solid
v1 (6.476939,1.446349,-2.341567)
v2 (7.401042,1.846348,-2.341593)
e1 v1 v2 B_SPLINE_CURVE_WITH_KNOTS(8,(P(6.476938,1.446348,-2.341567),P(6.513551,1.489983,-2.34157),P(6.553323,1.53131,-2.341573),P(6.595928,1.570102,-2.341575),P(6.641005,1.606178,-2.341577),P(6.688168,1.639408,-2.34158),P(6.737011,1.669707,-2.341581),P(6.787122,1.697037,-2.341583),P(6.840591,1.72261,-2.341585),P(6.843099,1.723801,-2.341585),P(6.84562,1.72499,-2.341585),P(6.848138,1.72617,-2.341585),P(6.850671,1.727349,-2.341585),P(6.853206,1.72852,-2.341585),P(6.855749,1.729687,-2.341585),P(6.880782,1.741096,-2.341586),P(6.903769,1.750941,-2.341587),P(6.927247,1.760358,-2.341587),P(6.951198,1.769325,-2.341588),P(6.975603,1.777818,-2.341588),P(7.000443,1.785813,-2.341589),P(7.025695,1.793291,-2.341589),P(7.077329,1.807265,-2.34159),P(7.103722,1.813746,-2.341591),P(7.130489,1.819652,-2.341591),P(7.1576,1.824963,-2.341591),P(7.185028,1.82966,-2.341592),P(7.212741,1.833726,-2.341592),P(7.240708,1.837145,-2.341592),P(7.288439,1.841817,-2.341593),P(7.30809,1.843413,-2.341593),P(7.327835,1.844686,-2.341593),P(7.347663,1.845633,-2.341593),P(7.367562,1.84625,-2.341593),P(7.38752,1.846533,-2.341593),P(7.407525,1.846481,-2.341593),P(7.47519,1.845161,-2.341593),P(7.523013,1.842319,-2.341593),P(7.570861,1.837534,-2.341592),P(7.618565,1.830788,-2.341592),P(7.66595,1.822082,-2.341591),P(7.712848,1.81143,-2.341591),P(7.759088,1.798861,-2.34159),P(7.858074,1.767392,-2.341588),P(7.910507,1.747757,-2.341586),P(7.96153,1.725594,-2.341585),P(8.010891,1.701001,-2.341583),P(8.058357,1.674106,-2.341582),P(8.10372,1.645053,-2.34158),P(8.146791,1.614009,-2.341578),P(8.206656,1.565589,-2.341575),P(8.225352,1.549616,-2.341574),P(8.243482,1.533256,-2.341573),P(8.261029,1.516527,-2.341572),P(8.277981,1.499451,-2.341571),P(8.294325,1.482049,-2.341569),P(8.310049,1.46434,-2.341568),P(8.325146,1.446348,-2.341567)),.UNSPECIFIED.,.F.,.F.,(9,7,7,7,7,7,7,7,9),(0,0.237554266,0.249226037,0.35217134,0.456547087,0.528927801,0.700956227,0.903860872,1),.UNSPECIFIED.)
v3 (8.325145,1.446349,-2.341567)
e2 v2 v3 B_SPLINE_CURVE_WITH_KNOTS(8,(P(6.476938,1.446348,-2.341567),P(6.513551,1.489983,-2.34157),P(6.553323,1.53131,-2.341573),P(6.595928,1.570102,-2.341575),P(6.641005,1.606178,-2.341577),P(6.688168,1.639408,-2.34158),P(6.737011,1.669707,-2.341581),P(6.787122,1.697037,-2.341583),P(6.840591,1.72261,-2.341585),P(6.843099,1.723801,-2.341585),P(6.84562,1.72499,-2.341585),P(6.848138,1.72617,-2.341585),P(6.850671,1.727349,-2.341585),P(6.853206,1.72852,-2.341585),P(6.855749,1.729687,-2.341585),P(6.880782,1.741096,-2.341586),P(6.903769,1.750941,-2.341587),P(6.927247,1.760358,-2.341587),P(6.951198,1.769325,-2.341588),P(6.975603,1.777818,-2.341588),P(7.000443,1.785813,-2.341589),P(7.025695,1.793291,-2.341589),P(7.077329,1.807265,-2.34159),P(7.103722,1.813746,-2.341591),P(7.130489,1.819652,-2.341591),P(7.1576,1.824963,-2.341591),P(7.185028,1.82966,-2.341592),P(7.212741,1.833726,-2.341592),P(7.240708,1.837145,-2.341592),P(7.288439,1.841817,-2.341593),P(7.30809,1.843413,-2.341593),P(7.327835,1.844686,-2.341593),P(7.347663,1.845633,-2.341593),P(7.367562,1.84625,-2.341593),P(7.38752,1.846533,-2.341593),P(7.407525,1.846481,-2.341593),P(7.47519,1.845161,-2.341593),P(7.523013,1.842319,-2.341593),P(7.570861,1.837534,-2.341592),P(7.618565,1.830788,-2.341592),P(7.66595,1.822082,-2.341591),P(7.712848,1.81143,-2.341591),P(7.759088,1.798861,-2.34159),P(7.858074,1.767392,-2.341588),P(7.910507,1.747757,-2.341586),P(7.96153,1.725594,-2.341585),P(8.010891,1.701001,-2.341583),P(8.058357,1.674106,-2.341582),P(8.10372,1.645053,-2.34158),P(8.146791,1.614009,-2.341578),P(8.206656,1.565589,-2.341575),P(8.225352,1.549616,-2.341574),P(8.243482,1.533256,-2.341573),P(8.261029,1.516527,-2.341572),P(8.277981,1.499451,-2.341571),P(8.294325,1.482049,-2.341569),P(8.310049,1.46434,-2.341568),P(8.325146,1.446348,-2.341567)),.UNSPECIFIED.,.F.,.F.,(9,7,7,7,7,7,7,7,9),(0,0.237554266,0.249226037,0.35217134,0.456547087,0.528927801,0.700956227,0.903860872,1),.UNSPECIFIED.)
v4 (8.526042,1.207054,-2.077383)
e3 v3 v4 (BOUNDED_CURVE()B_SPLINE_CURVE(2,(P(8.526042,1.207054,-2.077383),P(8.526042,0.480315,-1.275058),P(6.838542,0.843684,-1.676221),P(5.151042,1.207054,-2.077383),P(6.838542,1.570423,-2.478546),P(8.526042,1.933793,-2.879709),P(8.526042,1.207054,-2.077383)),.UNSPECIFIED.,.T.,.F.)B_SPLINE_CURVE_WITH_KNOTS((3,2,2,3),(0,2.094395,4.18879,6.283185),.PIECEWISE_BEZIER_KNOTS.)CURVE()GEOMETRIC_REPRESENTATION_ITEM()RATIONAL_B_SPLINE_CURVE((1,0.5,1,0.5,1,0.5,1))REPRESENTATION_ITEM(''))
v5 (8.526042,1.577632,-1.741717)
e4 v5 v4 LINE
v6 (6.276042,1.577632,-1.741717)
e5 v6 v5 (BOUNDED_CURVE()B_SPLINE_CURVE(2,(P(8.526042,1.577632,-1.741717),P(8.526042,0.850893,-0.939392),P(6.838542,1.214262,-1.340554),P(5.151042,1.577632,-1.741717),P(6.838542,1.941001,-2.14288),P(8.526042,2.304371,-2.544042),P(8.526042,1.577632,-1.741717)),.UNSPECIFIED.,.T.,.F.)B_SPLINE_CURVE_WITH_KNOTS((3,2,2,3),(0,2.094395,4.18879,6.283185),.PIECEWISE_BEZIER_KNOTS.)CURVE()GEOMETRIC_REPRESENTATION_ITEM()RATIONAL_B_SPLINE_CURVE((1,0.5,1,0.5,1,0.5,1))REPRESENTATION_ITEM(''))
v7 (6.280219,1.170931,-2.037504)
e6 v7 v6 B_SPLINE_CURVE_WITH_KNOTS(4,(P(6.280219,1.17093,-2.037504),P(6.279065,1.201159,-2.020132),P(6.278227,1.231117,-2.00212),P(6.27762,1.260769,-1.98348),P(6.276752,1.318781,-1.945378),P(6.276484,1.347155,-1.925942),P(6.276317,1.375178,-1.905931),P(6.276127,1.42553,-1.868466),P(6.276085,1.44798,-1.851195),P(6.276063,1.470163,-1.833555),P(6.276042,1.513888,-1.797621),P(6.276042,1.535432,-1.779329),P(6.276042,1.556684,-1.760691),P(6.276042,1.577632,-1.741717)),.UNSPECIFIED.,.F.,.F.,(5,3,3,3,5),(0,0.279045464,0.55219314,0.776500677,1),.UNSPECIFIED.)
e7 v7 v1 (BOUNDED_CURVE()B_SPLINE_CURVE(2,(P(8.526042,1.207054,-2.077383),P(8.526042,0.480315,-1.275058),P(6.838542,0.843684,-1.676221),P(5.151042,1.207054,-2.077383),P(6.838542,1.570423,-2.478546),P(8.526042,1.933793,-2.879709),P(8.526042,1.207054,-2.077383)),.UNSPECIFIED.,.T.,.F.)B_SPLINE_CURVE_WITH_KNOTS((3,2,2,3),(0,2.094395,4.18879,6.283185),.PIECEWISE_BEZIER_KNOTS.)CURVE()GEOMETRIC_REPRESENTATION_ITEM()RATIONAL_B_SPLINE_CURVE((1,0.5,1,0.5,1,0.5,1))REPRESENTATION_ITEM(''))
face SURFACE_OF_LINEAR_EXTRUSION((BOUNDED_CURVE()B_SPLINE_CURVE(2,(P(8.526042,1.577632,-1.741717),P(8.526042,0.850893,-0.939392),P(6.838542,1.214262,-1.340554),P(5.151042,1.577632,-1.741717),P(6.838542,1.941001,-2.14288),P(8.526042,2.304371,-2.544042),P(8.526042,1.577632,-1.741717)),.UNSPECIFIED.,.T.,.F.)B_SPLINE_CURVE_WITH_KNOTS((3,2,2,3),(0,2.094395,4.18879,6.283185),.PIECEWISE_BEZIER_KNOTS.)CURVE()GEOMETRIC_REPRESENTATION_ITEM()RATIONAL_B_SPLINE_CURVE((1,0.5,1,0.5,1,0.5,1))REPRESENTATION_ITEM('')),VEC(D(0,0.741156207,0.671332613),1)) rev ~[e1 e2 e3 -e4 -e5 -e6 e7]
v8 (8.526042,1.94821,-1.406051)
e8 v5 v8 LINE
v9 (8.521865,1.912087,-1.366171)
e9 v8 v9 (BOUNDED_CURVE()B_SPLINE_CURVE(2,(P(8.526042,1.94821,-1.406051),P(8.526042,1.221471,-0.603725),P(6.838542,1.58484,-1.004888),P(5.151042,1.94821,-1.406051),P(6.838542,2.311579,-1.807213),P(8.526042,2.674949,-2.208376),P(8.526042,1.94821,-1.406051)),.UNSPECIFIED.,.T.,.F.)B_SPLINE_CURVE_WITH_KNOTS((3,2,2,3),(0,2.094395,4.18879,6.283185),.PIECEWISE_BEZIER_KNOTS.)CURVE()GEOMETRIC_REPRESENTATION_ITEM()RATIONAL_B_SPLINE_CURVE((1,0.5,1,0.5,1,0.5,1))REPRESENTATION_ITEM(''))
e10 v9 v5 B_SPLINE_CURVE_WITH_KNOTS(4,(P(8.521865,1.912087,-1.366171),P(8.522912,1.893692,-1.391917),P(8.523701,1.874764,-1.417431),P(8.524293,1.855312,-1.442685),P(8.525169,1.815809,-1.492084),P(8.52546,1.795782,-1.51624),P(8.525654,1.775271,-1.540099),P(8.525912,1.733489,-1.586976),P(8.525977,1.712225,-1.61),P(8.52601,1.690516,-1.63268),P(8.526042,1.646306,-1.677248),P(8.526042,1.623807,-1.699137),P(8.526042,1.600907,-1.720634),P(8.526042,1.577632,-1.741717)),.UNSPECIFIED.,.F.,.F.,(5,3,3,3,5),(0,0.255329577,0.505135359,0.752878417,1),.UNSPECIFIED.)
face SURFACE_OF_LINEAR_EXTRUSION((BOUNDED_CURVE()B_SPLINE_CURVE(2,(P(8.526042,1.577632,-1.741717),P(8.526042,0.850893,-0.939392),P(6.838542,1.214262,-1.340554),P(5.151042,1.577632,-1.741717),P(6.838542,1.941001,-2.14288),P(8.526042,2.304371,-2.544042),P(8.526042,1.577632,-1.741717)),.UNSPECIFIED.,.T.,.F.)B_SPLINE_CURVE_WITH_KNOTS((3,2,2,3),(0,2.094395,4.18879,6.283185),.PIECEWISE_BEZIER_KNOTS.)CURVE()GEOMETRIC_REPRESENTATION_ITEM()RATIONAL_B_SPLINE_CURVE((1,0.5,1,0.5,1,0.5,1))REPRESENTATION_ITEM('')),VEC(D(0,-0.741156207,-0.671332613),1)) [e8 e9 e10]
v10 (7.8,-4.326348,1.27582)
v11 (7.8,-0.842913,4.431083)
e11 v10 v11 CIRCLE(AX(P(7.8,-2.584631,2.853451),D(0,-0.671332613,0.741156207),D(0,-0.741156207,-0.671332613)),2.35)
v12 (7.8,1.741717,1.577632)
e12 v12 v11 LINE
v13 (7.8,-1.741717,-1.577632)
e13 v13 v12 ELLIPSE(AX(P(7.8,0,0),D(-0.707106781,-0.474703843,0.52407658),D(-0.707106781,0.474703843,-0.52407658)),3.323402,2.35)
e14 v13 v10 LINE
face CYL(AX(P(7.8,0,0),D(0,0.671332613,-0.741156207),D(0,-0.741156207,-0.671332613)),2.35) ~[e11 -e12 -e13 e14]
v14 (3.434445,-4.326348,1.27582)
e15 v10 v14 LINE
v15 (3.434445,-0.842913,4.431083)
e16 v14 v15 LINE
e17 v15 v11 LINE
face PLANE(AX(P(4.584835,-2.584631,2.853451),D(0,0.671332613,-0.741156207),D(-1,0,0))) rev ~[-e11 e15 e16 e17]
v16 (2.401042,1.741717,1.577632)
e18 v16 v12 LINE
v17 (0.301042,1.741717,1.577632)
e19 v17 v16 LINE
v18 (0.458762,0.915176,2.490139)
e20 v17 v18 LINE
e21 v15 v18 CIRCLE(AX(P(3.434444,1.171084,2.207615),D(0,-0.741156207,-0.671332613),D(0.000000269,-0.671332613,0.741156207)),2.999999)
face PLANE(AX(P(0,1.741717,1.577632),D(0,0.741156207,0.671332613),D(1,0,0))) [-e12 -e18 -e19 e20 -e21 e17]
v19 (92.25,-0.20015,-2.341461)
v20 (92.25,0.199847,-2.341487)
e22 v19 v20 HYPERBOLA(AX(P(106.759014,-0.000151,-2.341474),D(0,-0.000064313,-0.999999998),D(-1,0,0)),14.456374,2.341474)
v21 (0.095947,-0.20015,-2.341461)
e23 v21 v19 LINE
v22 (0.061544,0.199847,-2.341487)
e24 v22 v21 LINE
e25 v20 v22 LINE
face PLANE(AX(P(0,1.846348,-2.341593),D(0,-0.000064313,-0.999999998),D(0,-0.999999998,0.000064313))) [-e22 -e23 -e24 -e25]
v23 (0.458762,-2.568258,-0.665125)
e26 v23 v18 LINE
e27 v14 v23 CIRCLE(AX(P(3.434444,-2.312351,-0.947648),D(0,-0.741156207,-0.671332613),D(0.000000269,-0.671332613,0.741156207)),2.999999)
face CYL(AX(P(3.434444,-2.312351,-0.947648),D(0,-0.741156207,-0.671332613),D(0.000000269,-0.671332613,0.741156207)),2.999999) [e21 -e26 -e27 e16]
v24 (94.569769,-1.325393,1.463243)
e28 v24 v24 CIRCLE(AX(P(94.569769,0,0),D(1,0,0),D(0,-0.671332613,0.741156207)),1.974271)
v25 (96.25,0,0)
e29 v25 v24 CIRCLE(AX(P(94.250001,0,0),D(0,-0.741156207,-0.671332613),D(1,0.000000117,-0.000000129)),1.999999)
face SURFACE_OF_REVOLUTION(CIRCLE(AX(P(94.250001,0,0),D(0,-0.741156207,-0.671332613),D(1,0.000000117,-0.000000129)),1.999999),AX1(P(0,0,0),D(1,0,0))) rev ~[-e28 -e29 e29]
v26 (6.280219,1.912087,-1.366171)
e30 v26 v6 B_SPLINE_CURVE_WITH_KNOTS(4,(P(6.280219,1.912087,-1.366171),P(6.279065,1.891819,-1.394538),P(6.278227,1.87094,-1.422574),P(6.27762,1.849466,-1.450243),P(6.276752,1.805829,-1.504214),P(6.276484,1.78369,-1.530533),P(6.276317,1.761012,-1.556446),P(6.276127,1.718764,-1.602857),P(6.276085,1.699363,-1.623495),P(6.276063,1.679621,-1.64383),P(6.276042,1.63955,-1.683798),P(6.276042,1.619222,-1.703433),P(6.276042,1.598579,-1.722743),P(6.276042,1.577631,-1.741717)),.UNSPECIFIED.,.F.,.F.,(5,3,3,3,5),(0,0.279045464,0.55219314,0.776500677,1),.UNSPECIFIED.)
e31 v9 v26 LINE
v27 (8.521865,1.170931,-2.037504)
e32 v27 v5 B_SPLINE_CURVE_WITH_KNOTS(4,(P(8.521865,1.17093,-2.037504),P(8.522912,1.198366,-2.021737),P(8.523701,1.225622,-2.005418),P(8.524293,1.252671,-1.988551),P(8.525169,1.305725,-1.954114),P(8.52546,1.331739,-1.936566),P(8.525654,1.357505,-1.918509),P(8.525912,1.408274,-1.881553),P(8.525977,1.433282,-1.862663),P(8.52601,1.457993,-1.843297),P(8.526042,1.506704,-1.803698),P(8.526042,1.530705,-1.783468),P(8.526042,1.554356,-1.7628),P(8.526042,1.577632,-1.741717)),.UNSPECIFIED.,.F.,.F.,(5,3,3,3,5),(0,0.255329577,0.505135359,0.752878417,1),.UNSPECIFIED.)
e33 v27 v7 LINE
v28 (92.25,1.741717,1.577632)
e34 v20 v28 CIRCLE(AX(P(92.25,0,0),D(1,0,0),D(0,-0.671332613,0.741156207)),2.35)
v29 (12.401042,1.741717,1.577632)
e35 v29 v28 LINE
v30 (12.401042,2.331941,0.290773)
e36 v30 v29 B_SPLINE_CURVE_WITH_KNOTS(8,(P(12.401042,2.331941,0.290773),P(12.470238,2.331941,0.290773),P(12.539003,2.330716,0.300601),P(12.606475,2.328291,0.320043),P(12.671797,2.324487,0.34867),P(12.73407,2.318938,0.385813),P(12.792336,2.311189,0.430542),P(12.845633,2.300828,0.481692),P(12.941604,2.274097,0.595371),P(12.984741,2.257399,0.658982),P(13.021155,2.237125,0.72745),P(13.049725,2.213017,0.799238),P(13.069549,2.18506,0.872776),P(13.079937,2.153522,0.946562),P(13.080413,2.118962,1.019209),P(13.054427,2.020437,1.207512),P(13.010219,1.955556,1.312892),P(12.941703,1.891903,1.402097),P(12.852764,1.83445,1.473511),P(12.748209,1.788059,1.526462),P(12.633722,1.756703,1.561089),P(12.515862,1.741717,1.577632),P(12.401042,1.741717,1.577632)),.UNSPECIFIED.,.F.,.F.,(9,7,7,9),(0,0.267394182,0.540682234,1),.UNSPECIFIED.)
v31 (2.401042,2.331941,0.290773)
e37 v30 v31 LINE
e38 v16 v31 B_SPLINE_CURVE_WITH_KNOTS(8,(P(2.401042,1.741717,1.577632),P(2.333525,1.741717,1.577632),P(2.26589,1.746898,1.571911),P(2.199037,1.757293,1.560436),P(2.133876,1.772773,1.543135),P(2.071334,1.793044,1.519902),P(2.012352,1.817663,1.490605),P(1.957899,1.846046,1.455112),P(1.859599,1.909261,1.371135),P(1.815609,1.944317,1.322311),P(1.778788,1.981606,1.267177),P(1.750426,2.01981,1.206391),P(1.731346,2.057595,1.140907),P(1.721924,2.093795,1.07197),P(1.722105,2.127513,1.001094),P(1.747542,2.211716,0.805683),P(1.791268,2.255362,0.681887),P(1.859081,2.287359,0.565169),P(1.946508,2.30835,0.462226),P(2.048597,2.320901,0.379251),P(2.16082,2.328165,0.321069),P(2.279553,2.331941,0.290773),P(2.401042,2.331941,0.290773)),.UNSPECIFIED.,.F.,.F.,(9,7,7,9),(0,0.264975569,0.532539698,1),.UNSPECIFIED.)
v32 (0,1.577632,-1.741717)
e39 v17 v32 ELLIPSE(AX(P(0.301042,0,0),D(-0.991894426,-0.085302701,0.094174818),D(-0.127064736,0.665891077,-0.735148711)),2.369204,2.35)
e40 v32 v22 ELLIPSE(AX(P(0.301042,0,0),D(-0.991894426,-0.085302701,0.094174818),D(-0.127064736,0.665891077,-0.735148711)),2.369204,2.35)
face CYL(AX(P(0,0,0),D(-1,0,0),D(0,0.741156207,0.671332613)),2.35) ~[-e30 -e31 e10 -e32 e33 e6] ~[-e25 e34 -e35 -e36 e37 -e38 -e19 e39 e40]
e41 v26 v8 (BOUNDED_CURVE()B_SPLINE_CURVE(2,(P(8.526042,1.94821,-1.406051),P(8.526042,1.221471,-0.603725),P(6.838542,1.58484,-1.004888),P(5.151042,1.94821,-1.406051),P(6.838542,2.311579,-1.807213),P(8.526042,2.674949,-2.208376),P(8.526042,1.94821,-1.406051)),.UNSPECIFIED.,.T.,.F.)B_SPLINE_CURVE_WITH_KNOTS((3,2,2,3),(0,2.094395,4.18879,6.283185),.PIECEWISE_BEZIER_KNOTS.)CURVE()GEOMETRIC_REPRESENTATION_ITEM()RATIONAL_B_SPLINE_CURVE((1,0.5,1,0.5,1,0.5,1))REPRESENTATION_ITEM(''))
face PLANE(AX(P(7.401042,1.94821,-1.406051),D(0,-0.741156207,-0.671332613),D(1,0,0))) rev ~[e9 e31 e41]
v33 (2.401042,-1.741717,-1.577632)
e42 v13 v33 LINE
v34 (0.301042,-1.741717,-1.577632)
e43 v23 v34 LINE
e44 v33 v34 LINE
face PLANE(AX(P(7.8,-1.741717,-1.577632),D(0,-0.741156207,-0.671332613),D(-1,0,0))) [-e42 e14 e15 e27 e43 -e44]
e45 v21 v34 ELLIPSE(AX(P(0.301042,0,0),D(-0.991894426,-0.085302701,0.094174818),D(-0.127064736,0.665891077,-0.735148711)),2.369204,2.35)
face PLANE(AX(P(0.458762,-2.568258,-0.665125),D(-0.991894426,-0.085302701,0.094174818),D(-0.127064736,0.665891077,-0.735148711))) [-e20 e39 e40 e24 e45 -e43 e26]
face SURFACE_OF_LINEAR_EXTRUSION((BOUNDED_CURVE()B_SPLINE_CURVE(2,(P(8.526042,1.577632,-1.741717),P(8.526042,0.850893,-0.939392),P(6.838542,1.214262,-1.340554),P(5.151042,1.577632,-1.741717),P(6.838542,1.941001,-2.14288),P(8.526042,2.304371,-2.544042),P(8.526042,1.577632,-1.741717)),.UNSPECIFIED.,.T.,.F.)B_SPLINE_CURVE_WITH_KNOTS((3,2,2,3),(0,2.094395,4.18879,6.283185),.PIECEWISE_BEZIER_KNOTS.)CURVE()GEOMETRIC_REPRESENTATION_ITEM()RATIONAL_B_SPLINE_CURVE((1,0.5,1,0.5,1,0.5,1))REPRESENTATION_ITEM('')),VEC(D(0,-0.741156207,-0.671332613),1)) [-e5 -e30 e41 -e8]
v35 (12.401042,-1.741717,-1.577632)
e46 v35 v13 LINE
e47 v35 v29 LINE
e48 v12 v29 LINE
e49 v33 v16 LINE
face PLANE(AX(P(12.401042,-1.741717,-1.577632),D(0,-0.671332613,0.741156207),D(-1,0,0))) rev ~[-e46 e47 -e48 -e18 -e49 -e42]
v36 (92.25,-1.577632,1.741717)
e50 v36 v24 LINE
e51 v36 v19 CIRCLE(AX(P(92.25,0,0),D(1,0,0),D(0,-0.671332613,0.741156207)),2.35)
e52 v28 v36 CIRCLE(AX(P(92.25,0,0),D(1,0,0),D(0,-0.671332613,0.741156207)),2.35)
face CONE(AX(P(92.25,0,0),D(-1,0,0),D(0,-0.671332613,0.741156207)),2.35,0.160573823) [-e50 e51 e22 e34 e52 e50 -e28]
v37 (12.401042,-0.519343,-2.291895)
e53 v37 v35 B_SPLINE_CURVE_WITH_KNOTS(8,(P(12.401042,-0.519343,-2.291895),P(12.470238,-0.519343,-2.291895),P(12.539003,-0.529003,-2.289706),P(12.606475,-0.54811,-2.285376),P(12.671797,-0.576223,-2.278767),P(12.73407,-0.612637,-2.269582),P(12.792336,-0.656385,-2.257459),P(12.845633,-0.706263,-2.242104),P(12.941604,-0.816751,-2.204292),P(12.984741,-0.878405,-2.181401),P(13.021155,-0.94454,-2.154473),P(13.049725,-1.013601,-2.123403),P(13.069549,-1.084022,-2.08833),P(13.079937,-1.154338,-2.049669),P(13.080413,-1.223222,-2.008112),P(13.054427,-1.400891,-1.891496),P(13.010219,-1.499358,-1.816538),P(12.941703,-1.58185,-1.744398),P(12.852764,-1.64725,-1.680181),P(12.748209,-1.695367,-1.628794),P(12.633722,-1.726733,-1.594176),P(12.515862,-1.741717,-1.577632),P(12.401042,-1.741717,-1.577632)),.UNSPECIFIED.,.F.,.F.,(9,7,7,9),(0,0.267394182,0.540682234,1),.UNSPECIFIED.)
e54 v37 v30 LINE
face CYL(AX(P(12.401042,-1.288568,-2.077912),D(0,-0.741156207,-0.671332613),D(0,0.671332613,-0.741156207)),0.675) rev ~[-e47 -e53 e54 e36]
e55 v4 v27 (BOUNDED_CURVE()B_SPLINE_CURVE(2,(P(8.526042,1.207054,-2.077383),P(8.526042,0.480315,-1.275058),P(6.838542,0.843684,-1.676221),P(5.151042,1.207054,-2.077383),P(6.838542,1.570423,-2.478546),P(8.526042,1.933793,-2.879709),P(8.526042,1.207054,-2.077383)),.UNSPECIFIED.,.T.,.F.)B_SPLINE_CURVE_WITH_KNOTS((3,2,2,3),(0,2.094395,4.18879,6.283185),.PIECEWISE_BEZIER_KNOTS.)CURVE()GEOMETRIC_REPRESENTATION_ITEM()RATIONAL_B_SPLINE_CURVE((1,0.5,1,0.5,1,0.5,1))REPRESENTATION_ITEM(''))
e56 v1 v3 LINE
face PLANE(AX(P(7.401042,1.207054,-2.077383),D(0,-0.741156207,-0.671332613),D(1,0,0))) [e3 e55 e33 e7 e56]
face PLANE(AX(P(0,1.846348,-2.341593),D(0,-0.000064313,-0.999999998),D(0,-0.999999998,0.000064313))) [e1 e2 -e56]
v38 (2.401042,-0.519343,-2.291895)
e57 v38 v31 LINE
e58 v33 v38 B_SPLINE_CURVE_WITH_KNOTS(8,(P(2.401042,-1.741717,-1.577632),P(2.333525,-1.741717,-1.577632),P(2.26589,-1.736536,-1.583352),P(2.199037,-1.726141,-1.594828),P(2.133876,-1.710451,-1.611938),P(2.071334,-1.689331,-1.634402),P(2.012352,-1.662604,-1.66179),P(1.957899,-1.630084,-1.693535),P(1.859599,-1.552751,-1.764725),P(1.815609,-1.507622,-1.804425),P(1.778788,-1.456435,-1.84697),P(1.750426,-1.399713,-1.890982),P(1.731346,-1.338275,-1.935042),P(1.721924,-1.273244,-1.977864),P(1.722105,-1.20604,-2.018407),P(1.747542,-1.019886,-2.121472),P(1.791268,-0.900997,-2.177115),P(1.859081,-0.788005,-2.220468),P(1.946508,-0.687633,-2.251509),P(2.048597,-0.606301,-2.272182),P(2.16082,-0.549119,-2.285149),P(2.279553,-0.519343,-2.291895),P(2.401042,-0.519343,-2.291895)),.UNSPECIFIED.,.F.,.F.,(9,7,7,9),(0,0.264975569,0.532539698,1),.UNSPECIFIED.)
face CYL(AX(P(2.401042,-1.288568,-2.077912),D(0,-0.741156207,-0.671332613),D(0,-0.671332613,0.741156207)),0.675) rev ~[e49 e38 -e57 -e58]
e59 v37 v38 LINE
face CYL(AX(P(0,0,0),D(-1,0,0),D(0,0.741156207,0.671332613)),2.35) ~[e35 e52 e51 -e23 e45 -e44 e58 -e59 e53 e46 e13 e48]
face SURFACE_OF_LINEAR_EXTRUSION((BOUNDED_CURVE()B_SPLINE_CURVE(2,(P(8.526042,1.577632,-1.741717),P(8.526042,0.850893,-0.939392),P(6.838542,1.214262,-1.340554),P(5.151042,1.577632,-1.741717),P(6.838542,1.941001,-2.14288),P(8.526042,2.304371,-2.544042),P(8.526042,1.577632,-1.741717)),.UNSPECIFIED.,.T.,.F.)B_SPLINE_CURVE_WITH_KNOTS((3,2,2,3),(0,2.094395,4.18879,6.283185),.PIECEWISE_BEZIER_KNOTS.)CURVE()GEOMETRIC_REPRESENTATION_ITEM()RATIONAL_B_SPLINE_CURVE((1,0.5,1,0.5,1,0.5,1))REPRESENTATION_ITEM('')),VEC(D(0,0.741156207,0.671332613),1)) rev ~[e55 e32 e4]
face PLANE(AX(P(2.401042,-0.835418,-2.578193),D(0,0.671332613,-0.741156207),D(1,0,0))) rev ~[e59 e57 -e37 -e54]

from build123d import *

# Parameters (mm, degrees)
SKETCH_R             = 2.35
PAD_DEPTH            = 96.25
PAD001_DEPTH         = 3.85
POCKET_DEPTH         = 5
PAD002_DEPTH         = 0.5
PAD002_DEPTH_BACK    = 0.5
POCKET001_DEPTH      = 10
POCKET002_DEPTH      = 100
POCKET002_DEPTH_BACK = -100
BODY_PLACEMENT_ANGLE = 42.17


with BuildPart() as part:
    # Sketch → Pad (new body)
    with BuildSketch(Plane.YZ):
        Circle(SKETCH_R)
    extrude(amount=PAD_DEPTH)

    # Sketch001 → Pad001 (join)
    with BuildSketch(Plane.XY):
        with BuildLine():
            Line((0, -2.35), (0, 2.35))
            Line((0, 2.35), (7.8, 2.35))
            ThreePointArc((7.8, -2.35), (10.15, 0), (7.8, 2.35))
            Line((7.8, -2.35), (0, -2.35))
        make_face()
    extrude(amount=PAD001_DEPTH)

    # Sketch002 (on Face7 of Pad001) → Pocket (cut)
    with BuildSketch(Plane(origin=(0, -2.35, 0), x_dir=(0, 0, -1), z_dir=(0, -1, 0))):
        with BuildLine():
            Line((-1.231194, 0.458762), (2.35, 0))
            Line((-3.85, 0), (2.35, 0))
            Line((-3.85, 3.434445), (-3.85, 0))
            ThreePointArc((-3.85, 3.434445), (-3.102064, 1.452474), (-1.231194, 0.458762))
        make_face()
    extrude(amount=-POCKET_DEPTH, mode=Mode.SUBTRACT)

    # Sketch003 → Pad002 (join, two sides)
    with BuildSketch(Plane.XZ) as pad002_sk:
        with BuildLine():
            add(Edge.make_bspline(
                [(8.526042, -2.35), (8.526042, -1.267468), (6.838542, -1.808734), (5.151042, -2.35), (6.838542, -2.891266), (8.526042, -3.432532), (8.526042, -2.35)],
                knots=[0, 0, 0, 2.094395, 2.094395, 4.18879, 4.18879, 6.283185, 6.283185, 6.283185], degree=2, weights=[1, 0.5, 1, 0.5, 1, 0.5, 1]))
        make_face()
    extrude(amount=PAD002_DEPTH)
    extrude(pad002_sk.sketch, amount=-PAD002_DEPTH_BACK)

    # Sketch004 (on Face2 of Pad002) → Pocket001 (cut)
    with BuildSketch(Plane(origin=(0, -2.35, 0), x_dir=(0, 0, -1), z_dir=(0, -1, 0))):
        with BuildLine():
            ThreePointArc((0, 2.401042), (0.675, 1.726042), (1.35, 2.401042))
            Line((1.35, 2.401042), (1.35, 12.401042))
            ThreePointArc((1.35, 12.401042), (0.675, 13.076042), (0, 12.401042))
            Line((0, 12.401042), (0, 2.401042))
        make_face()
    extrude(amount=-POCKET001_DEPTH, mode=Mode.SUBTRACT)

    # Sketch005 → Groove (revolve, cut)
    with BuildSketch(Plane.XZ):
        with BuildLine():
            Line((96.25, 2.35), (92.25, 2.35))
            Line((92.25, 2.35), (94.569769, 1.974271))
            ThreePointArc((96.25, 0), (95.773079, 1.296237), (94.569769, 1.974271))
            Line((97.25, 0), (96.25, 0))
            Line((97.25, 2.35), (97.25, 0))
            Line((96.25, 2.35), (97.25, 2.35))
        make_face()
    revolve(axis=Axis((0, 0, 0), (1, 0, 0)), mode=Mode.SUBTRACT)

    # Sketch006 → Pocket002 (cut, two sides)
    with BuildSketch(Plane.YZ) as pocket002_sk:
        Polygon((-1.720242, -1.601021), (-1.720242, -2.975), (-0.203555, -2.975), align=None)
    extrude(amount=-POCKET002_DEPTH, mode=Mode.SUBTRACT)
    extrude(pocket002_sk.sketch, amount=-POCKET002_DEPTH_BACK, mode=Mode.SUBTRACT)


with BuildPart() as part_1:
    # Body placement: moved
    add(part.part.rotate(Axis((0, 0, 0), (1, 0, 0)), BODY_PLACEMENT_ANGLE))


solid = part_1.part
